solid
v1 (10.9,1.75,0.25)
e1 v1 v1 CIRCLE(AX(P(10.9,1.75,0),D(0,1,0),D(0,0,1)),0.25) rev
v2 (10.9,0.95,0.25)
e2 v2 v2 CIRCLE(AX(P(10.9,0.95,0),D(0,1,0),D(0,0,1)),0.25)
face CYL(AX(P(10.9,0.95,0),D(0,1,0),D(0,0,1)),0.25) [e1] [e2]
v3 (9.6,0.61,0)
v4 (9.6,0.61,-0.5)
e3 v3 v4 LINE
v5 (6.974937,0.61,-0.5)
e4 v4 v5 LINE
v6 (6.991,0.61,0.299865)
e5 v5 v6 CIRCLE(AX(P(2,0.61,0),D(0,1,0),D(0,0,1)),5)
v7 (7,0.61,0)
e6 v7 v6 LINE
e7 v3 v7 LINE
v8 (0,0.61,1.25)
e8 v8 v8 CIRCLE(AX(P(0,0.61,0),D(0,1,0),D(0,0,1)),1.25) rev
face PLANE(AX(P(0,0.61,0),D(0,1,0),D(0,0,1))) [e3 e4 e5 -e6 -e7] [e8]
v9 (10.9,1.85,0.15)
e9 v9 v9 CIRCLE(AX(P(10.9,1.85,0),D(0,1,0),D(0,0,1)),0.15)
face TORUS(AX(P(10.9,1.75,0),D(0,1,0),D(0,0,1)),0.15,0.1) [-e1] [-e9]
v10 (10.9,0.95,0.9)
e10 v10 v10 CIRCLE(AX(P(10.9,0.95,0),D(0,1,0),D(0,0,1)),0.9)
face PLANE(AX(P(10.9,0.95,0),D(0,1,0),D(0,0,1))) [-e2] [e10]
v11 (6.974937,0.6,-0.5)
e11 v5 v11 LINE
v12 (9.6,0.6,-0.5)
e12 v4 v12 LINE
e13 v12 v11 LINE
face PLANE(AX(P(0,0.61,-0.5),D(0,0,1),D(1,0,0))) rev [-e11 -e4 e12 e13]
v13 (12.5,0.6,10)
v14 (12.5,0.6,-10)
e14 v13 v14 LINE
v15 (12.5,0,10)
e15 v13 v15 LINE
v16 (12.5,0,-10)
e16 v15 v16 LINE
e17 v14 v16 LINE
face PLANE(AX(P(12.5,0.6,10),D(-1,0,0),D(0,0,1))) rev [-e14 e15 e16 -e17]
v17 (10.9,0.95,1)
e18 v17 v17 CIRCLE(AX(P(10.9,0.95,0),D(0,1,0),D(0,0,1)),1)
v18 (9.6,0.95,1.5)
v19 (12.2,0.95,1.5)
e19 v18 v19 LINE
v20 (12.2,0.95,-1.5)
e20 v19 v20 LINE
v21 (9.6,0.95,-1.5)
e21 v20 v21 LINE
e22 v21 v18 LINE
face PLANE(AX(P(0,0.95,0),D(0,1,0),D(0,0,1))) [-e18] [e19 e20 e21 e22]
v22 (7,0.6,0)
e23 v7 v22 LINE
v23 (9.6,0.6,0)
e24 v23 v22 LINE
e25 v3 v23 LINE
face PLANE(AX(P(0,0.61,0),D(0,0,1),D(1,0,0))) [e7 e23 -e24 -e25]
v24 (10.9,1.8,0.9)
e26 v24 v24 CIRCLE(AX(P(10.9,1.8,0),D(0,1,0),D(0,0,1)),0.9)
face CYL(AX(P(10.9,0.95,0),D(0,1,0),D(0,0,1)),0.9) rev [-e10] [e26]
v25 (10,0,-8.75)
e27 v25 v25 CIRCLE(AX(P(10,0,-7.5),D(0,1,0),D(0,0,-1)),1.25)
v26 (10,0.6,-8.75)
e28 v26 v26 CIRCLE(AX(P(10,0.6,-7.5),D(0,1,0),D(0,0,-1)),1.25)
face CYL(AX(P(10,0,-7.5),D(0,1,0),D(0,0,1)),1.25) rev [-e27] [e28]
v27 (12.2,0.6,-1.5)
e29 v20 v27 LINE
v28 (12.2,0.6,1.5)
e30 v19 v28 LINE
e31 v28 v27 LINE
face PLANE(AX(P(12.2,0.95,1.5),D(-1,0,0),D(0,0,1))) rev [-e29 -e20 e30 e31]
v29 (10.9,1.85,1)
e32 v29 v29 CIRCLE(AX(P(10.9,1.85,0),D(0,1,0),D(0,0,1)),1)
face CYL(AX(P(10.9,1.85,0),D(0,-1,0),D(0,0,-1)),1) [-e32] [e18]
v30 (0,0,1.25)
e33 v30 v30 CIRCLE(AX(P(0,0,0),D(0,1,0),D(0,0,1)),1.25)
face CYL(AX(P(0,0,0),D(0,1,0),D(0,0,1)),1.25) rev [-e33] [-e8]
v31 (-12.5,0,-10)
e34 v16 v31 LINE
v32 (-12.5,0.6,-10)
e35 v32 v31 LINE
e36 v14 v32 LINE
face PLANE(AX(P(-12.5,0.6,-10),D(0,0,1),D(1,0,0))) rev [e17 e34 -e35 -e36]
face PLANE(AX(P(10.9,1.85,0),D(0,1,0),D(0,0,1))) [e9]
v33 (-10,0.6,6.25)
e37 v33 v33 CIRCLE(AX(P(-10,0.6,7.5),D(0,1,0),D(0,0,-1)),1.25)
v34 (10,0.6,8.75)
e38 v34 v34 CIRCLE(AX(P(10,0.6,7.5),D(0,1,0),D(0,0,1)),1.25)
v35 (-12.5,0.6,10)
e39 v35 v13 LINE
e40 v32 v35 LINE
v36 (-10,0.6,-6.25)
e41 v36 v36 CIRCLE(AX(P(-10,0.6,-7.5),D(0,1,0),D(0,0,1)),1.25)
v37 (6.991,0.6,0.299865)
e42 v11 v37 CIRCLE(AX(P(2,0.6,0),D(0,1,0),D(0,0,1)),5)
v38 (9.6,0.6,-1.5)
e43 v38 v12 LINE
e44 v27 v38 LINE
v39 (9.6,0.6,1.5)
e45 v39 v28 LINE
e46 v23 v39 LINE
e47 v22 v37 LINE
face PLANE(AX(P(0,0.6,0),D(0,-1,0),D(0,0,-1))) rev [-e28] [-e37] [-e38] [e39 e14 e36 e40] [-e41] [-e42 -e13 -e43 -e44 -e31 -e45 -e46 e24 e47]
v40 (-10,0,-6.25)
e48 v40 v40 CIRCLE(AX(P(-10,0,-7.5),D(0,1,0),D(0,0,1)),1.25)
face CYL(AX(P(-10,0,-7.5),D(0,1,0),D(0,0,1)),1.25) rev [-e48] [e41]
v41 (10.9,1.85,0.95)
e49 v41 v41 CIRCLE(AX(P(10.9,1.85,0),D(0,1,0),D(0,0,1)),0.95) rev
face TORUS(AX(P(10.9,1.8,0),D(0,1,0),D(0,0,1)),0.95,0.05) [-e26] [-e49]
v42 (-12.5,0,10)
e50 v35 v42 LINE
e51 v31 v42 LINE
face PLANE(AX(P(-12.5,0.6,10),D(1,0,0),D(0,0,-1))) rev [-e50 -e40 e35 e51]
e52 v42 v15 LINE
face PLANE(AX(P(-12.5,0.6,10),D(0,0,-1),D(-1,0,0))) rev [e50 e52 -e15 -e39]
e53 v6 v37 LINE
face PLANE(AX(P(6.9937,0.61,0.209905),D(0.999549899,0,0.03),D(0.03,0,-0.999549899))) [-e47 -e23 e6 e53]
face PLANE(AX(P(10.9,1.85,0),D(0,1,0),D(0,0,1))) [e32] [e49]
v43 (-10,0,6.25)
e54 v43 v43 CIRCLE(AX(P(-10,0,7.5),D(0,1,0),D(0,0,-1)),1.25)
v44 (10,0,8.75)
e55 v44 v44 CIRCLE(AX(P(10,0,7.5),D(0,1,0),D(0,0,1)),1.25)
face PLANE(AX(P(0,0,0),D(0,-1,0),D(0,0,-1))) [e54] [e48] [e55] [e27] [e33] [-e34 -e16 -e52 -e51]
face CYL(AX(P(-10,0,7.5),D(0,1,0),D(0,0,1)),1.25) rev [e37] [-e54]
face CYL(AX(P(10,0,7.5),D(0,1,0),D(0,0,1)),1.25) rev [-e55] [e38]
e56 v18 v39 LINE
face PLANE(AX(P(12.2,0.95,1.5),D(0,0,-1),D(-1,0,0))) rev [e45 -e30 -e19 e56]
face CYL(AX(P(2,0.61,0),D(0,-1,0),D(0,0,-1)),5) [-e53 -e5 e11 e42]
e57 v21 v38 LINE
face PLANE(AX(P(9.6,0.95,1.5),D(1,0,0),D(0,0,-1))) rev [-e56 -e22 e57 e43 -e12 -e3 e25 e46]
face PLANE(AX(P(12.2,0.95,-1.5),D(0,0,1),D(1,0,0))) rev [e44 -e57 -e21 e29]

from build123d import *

# Parameters (mm, degrees)
SKETCH1_W           = 25
SKETCH1_H           = 20
BOSS_EXTRUDE1_DEPTH = 0.6
SKETCH2_R           = 1.25
CUT_EXTRUDE1_DEPTH  = 0.6
SKETCH4_W           = 2.6
SKETCH4_H           = 3
BOSS_EXTRUDE2_DEPTH = 0.35
SKETCH5_R           = 1
BOSS_EXTRUDE3_DEPTH = 0.9
SKETCH6_R           = 0.9
SKETCH6_R_2         = 0.25
CUT_EXTRUDE2_DEPTH  = 0.9
FILLET1_R           = 0.1
FILLET2_R           = 0.05
BOSS_EXTRUDE9_START = 0.01
SKETCH8_R           = 1.25
BOSS_EXTRUDE9_DEPTH = 0.01


with BuildPart() as part:
    # Sketch1 → Boss-Extrude1 (new body)
    with BuildSketch(Plane(origin=(0, 0, 0), x_dir=(1, 0, 0), z_dir=(0, 1, 0))):
        Rectangle(SKETCH1_W, SKETCH1_H)
    extrude(amount=BOSS_EXTRUDE1_DEPTH)

    # Sketch2 → Cut-Extrude1 (cut)
    with BuildSketch(Plane(origin=(0, 0.6, 0), x_dir=(1, 0, 0), z_dir=(0, 1, 0))):
        with Locations(Location((-10, 7.5, 0), (0, 0, 270))):
            Circle(SKETCH2_R)
        with Locations(Location((10, 7.5, 0), (0, 0, 90))):
            Circle(SKETCH2_R)
        with Locations(Location((10, -7.5, 0), (0, 0, 270))):
            Circle(SKETCH2_R)
        with Locations(Location((-10, -7.5, 0), (0, 0, 90))):
            Circle(SKETCH2_R)
        with Locations(Location((0, 0, 0), (0, 0, 270))):
            Circle(SKETCH2_R)
    extrude(amount=-CUT_EXTRUDE1_DEPTH, mode=Mode.SUBTRACT)

    # Sketch4 → Boss-Extrude2 (add)
    with BuildSketch(Plane(origin=(0, 0.6, 0), x_dir=(1, 0, 0), z_dir=(0, 1, 0))):
        with Locations((10.9, 0)):
            Rectangle(SKETCH4_W, SKETCH4_H)
    extrude(amount=BOSS_EXTRUDE2_DEPTH)

    # Sketch5 → Boss-Extrude3 (add)
    with BuildSketch(Plane(origin=(0, 0.95, 0), x_dir=(1, 0, 0), z_dir=(0, 1, 0))):
        with Locations(Location((10.9, 0, 0), (0, 0, 270))):
            Circle(SKETCH5_R)
    extrude(amount=BOSS_EXTRUDE3_DEPTH)

    # Sketch6 → Cut-Extrude2 (cut)
    with BuildSketch(Plane(origin=(0, 1.85, 0), x_dir=(1, 0, 0), z_dir=(0, 1, 0))):
        with Locations(Location((10.9, 0, 0), (0, 0, 270))):
            Circle(SKETCH6_R)
        with Locations(Location((10.9, 0, 0), (0, 0, 270))):
            Circle(SKETCH6_R_2, mode=Mode.SUBTRACT)
    extrude(amount=-CUT_EXTRUDE2_DEPTH, mode=Mode.SUBTRACT)

    # Fillet1
    fillet1_edges = [part.edges().sort_by_distance(p)[0] for p in [
        (10.9, 1.85, -0.25),
    ]]
    fillet(fillet1_edges, radius=FILLET1_R)

    # Fillet2
    fillet2_edges = [part.edges().sort_by_distance(p)[0] for p in [
        (10.9, 1.85, -0.9),
    ]]
    fillet(fillet2_edges, radius=FILLET2_R)

    # Sketch8 → Boss-Extrude9 (add)
    # profile 1 of 3: a face of its own
    with BuildSketch(Plane(origin=(0, 0.6, 0), x_dir=(1, 0, 0), z_dir=(0, 1, 0)).offset(BOSS_EXTRUDE9_START)):
        with BuildLine():
            Line((6.991, -0.29986497), (7, 0))
            Line((7, 0), (1.25, 0))
            Line((1.25, 0), (1.25, 0.5))
            Line((1.25, 0.5), (6.974937186, 0.5))
            ThreePointArc((6.974937186, 0.5), (-2.998992097, -0.100389298), (6.991, -0.29986497))
        make_face()
        with Locations(Location((0, 0, 0), (0, 0, 270))):
            Circle(SKETCH8_R, mode=Mode.SUBTRACT)
    # profile 2 of 3: a face of its own
    with BuildSketch(Plane(origin=(0, 0.6, 0), x_dir=(1, 0, 0), z_dir=(0, 1, 0)).offset(BOSS_EXTRUDE9_START)):
        with BuildLine():
            Line((1.25, 0), (7, 0))
            ThreePointArc((7, 0), (6.993730366, 0.250313875), (6.974937186, 0.5))
            Line((6.974937186, 0.5), (1.25, 0.5))
            Line((1.25, 0.5), (1.25, 0))
        make_face()
    # profile 3 of 3: a face of its own
    with BuildSketch(Plane(origin=(0, 0.6, 0), x_dir=(1, 0, 0), z_dir=(0, 1, 0)).offset(BOSS_EXTRUDE9_START)):
        with BuildLine():
            ThreePointArc((6.974937186, 0.5), (6.993730366, 0.250313875), (7, 0))
            Line((7, 0), (9.6, 0))
            Line((9.6, 0), (9.6, 0.5))
            Line((9.6, 0.5), (6.974937186, 0.5))
        make_face()
    extrude(amount=-BOSS_EXTRUDE9_DEPTH)


solid = part.part
